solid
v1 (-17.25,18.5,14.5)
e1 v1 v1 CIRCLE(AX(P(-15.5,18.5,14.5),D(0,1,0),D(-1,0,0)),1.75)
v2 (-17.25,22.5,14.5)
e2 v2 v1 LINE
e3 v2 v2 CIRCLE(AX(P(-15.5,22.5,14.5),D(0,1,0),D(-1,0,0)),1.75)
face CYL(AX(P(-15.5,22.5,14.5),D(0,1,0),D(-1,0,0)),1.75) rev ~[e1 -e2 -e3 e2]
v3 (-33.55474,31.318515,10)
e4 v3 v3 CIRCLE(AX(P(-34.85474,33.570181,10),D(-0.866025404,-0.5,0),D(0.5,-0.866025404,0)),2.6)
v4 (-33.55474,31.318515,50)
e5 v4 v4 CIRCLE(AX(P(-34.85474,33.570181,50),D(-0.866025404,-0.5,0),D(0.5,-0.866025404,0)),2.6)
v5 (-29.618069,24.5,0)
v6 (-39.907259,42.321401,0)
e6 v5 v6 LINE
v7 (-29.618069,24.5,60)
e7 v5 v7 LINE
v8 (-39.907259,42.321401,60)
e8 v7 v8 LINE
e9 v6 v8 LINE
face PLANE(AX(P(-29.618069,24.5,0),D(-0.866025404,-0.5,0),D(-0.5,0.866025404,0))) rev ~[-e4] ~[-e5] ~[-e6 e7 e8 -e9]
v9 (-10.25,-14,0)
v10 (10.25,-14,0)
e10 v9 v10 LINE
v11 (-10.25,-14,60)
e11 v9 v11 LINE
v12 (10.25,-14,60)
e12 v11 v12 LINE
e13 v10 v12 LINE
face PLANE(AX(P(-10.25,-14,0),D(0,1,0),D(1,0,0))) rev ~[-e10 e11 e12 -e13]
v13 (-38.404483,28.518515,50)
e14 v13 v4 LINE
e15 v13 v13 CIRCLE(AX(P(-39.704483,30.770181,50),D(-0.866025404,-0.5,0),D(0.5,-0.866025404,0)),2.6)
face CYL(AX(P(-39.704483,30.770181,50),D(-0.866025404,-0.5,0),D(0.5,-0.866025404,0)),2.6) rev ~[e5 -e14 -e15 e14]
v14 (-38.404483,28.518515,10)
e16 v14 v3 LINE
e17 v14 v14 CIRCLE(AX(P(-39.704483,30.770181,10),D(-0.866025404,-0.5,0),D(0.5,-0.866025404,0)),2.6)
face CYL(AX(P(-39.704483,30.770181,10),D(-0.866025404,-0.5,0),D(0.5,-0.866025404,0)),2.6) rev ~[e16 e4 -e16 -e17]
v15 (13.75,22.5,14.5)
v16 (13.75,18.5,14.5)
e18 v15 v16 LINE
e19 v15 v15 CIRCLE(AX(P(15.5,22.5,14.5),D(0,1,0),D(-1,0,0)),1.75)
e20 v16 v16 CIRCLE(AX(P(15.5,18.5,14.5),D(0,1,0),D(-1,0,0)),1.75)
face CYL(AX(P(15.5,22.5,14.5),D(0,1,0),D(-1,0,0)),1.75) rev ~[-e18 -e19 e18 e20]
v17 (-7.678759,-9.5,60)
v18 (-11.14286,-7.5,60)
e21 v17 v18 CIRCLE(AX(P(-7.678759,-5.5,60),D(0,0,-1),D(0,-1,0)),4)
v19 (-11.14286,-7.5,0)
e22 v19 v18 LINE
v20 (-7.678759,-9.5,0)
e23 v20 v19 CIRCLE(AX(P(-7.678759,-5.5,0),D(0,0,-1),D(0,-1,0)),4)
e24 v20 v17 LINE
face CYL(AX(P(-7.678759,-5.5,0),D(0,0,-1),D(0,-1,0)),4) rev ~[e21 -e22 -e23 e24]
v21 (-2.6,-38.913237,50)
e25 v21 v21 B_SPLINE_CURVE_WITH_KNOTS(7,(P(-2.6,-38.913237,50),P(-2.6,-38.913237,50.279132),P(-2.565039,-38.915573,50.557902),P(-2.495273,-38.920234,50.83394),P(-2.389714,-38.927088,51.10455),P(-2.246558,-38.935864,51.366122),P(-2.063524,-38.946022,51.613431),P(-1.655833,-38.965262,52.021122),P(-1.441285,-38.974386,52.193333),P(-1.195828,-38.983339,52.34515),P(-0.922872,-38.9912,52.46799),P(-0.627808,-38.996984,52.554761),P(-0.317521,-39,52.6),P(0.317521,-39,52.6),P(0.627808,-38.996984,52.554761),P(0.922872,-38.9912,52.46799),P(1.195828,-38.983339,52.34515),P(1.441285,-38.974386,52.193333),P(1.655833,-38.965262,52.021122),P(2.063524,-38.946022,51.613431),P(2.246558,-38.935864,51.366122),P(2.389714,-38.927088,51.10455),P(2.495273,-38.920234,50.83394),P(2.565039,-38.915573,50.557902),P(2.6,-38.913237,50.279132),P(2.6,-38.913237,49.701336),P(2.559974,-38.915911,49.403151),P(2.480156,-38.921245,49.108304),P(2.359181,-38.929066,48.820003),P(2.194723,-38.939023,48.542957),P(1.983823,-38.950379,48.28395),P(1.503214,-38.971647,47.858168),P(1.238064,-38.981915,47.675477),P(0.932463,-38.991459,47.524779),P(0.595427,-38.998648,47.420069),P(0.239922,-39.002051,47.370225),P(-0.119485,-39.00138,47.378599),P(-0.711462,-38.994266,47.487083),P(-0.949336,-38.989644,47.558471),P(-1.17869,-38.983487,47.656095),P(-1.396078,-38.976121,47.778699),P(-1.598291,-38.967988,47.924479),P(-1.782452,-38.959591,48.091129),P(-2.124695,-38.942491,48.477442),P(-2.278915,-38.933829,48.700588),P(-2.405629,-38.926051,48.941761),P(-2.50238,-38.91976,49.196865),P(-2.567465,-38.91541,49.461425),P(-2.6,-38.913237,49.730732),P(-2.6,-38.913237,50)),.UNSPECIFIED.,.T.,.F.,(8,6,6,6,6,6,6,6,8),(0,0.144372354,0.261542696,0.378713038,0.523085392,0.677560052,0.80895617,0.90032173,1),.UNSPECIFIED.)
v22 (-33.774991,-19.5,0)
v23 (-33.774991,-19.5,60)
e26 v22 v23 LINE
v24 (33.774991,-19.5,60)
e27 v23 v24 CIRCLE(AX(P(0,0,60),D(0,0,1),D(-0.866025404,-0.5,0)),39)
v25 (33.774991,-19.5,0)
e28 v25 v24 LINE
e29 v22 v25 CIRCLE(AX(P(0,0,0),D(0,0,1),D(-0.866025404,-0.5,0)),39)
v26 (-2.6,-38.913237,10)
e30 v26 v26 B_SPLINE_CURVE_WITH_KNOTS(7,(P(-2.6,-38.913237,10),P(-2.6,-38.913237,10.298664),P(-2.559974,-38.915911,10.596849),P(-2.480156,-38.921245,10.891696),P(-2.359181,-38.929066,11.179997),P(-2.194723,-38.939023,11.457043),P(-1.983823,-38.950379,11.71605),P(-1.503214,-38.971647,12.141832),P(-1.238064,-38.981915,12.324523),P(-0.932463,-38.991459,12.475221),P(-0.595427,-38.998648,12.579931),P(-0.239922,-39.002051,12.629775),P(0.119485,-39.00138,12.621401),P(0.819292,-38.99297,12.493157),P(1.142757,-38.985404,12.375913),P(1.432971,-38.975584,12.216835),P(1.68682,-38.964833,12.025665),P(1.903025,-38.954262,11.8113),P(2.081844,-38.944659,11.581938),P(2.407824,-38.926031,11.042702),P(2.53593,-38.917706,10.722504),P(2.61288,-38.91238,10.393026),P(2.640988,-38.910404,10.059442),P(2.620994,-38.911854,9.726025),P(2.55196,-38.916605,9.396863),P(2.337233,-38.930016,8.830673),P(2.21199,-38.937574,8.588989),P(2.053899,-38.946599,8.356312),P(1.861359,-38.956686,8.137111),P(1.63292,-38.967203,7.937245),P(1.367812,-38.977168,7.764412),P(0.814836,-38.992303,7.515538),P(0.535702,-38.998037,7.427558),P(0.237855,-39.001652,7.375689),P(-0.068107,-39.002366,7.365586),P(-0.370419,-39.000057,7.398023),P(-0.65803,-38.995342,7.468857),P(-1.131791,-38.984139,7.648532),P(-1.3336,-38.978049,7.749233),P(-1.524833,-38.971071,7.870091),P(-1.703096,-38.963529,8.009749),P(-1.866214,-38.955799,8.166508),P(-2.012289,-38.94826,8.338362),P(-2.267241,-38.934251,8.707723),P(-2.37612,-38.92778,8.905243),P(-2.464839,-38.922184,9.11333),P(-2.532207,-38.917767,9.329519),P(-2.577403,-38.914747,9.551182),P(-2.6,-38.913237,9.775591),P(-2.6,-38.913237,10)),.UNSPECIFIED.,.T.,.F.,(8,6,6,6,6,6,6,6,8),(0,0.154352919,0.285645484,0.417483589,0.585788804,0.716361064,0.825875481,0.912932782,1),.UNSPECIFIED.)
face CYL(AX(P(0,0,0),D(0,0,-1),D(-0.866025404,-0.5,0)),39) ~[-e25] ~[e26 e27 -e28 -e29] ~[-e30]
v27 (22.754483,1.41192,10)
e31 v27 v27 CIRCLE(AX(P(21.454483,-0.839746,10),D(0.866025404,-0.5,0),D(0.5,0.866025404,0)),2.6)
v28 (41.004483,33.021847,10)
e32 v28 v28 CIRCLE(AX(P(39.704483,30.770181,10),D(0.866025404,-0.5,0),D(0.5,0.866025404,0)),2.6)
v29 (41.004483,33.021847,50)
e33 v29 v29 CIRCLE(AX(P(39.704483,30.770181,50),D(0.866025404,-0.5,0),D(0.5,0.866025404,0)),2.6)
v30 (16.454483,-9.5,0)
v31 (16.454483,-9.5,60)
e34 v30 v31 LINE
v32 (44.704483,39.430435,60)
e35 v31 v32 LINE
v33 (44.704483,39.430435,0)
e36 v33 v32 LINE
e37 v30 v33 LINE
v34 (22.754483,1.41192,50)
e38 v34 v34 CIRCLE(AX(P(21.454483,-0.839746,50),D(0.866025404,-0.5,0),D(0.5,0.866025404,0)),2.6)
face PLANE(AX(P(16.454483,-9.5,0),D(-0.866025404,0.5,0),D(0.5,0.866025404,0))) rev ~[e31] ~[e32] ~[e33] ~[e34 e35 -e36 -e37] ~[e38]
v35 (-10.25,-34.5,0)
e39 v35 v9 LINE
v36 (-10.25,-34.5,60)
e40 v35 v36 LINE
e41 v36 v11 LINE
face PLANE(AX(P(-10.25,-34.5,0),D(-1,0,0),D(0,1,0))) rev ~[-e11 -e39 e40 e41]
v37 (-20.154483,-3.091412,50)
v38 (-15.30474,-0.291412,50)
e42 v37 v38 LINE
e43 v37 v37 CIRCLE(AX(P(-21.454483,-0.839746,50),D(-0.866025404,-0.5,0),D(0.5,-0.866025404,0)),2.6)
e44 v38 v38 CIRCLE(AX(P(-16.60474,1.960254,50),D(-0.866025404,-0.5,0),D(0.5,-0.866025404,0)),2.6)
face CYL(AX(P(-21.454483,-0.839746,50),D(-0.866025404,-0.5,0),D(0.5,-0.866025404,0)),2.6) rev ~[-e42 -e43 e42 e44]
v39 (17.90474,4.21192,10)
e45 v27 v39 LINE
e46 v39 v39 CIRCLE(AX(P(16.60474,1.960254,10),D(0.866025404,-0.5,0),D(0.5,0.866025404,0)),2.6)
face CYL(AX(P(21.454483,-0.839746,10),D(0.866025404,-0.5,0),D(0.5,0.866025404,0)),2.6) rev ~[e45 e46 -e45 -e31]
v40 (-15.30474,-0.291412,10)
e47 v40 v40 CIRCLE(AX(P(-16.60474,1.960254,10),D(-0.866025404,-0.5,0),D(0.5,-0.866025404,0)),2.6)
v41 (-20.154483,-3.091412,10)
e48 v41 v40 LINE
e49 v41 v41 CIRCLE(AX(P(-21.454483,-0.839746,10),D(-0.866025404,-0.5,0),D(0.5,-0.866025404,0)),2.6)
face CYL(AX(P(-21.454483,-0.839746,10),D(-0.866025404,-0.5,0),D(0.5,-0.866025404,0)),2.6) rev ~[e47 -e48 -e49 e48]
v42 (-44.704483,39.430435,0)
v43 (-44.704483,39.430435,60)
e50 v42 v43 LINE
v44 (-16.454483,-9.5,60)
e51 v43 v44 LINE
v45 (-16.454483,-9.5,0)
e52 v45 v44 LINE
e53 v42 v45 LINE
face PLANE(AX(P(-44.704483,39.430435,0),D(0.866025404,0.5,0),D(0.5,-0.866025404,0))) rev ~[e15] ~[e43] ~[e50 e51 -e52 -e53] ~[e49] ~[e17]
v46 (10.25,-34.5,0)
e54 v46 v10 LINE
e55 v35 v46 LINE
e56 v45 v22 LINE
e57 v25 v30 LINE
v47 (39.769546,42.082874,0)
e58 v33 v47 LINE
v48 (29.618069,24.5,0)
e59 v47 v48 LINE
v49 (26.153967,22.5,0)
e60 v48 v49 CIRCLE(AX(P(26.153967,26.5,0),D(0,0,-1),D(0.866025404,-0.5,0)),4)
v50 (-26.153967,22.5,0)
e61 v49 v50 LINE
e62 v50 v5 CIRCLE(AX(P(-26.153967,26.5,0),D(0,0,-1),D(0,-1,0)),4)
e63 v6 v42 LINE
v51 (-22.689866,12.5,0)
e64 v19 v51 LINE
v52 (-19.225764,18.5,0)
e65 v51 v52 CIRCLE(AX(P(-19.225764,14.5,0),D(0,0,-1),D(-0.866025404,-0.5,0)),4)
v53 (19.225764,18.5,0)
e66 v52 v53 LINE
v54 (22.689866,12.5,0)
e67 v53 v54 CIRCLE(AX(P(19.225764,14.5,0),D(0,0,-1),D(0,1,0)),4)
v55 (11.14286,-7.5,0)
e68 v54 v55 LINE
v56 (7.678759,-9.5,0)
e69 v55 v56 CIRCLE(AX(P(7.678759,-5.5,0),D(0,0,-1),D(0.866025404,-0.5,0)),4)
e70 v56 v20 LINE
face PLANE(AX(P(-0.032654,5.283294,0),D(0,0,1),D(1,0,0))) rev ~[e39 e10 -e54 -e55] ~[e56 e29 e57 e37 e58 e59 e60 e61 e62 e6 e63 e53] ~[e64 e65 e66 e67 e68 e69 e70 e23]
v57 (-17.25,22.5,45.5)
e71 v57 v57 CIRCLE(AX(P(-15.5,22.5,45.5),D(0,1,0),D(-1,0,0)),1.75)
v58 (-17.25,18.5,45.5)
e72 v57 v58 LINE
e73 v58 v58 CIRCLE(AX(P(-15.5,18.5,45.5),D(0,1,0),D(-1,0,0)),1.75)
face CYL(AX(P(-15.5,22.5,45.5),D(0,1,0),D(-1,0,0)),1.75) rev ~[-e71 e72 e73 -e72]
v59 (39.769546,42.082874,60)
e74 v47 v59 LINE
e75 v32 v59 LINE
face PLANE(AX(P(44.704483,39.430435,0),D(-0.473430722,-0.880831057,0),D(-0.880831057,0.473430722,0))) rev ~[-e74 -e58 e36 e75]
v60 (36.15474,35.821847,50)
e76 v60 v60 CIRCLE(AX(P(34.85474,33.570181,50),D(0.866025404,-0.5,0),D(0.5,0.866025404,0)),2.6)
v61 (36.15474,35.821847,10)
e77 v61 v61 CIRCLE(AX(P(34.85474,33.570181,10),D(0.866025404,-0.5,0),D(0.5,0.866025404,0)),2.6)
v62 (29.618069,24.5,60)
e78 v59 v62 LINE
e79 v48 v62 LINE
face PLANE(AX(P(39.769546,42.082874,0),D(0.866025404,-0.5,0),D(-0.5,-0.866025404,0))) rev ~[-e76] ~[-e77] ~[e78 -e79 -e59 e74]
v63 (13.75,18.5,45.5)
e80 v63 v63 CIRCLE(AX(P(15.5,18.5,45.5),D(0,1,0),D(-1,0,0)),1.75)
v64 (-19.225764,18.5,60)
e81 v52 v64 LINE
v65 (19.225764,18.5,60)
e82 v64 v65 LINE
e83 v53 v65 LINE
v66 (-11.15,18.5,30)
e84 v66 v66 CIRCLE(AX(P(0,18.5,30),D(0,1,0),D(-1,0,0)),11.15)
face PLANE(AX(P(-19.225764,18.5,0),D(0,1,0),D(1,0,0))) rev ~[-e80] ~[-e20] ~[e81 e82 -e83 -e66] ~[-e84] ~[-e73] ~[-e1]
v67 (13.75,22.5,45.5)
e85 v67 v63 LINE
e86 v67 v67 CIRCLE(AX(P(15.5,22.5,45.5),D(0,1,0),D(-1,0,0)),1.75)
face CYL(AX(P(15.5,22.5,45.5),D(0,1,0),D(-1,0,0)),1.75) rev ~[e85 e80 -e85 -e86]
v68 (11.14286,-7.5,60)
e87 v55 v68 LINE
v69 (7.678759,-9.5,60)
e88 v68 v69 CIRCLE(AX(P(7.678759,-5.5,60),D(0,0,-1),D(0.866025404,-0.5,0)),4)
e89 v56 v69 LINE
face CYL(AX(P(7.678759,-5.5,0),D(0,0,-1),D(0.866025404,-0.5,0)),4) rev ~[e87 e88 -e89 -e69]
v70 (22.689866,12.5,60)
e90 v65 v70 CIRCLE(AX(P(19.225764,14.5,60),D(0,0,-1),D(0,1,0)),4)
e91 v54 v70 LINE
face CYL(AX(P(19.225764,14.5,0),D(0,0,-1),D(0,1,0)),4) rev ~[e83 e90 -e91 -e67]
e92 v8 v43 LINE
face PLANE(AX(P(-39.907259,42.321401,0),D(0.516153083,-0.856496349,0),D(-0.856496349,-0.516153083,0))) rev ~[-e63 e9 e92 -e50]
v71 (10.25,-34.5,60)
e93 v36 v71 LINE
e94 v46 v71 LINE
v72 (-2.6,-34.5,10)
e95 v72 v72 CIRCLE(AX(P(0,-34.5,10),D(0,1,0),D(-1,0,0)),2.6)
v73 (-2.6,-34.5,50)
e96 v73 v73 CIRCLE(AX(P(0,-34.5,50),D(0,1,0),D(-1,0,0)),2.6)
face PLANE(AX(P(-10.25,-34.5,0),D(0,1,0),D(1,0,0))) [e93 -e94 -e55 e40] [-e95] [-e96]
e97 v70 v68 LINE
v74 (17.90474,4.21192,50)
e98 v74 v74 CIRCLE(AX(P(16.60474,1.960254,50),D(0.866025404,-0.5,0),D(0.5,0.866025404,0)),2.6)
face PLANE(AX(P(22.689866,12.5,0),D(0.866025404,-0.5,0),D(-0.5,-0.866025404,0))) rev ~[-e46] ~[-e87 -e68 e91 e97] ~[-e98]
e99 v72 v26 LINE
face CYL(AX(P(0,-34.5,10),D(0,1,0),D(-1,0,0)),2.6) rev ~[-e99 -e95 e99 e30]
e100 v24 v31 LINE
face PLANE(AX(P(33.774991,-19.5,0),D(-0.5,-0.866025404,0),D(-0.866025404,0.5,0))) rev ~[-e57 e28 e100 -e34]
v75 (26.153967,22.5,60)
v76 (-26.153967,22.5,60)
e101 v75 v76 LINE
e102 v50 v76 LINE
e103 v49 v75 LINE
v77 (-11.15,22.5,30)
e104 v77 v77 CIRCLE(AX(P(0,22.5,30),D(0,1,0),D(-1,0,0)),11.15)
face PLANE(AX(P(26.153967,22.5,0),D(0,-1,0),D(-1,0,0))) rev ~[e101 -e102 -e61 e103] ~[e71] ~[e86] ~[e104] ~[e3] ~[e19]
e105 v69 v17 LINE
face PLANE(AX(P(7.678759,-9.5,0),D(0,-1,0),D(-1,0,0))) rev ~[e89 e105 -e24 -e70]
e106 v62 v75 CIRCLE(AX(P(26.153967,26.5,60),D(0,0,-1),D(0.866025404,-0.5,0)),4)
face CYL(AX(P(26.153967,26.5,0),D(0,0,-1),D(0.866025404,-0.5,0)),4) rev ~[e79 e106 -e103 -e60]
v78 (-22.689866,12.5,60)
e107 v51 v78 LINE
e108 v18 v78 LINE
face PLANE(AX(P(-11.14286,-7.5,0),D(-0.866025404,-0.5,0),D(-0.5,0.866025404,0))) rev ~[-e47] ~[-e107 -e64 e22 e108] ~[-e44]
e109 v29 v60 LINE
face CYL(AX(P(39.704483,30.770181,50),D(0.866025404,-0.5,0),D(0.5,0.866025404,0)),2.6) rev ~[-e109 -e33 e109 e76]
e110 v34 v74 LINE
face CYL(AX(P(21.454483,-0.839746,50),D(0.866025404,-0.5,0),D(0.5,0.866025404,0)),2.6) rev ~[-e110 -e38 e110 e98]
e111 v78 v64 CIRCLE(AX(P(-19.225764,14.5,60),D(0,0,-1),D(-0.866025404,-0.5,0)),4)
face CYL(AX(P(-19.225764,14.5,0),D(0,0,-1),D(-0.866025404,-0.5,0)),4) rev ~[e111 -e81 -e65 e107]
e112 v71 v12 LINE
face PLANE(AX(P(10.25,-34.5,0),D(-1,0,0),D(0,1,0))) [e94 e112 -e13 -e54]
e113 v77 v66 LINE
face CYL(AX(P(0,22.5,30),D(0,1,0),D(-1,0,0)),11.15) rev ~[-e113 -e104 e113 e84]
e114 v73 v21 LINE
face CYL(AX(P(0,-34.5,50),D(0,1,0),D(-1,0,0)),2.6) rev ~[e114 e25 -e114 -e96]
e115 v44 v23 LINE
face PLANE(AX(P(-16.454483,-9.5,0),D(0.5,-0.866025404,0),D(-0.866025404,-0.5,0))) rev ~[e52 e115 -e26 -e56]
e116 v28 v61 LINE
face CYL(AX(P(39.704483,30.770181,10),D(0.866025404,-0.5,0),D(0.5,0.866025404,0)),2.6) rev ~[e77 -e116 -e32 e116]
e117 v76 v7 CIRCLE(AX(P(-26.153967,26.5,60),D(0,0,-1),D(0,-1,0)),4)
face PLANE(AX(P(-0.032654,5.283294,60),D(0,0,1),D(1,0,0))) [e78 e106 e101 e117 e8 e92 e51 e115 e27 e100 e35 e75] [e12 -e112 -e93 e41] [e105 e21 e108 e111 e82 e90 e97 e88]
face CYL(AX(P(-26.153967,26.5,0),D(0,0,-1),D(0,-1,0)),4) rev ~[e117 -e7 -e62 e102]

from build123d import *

# Parameters (mm, degrees)
F0_W     = 20.5
F0_H     = 20.5
F1_DEPTH = 60
F2_R     = 1.75
F2_R_2   = 11.15
F3_DEPTH = 4
F4_R     = 2.6
F5_DEPTH = 5.6
F6_R     = 2.6
F7_DEPTH = 5.6
F8_R     = 2.6
F9_DEPTH = 4.501


with BuildPart() as f1:
    # F0 (on Top) → F1 (new body)
    with BuildSketch(Plane.XY):
        with BuildLine():
            Line((-16.4544826719, -9.5), (-33.7749907476, -19.5))
            ThreePointArc((-33.7749907476, -19.5), (0, -39), (33.7749907476, -19.5))
            Line((33.7749907476, -19.5), (16.4544826719, -9.5))
            Line((16.4544826719, -9.5), (44.7044826719, 39.4304353138))
            Line((44.7044826719, 39.4304353138), (39.7695460128, 42.0828742882))
            Line((39.7695460128, 42.0828742882), (29.6180688094, 24.5))
            ThreePointArc((29.6180688094, 24.5), (28.1539671943, 23.0358983849), (26.1539671943, 22.5))
            Line((26.1539671943, 22.5), (-26.1539671943, 22.5))
            ThreePointArc((-26.1539671943, 22.5), (-28.1539671943, 23.0358983849), (-29.6180688094, 24.5))
            Line((-29.6180688094, 24.5), (-39.9072594683, 42.3214009899))
            Line((-39.9072594683, 42.3214009899), (-44.7044826719, 39.4304353138))
            Line((-44.7044826719, 39.4304353138), (-16.4544826719, -9.5))
        make_face()
        with Locations((0, -24.25)):
            Rectangle(F0_W, F0_H, mode=Mode.SUBTRACT)
        with BuildLine():
            Line((-11.1428601954, -7.5), (-22.6898655792, 12.5))
            ThreePointArc((-22.6898655792, 12.5), (-22.6898655792, 16.5), (-19.225763964, 18.5))
            Line((-19.225763964, 18.5), (19.225763964, 18.5))
            ThreePointArc((19.225763964, 18.5), (22.6898655792, 16.5), (22.6898655792, 12.5))
            Line((22.6898655792, 12.5), (11.1428601954, -7.5))
            ThreePointArc((11.1428601954, -7.5), (9.6787585802, -8.9641016151), (7.6787585802, -9.5))
            Line((7.6787585802, -9.5), (-7.6787585802, -9.5))
            ThreePointArc((-7.6787585802, -9.5), (-9.6787585802, -8.9641016151), (-11.1428601954, -7.5))
        make_face(mode=Mode.SUBTRACT)
    extrude(amount=F1_DEPTH)

    # F2 (on face) → F3 (cut)
    with BuildSketch(Plane(origin=(0, 22.5, 0), x_dir=(-1, 0, 0), z_dir=(0, 1, 0))):
        with Locations((-15.5, 14.5)):
            Circle(F2_R)
        with Locations((-15.5, 45.5)):
            Circle(F2_R)
        with Locations((15.5, 45.5)):
            Circle(F2_R)
        with Locations((15.5, 14.5)):
            Circle(F2_R)
        with Locations((0, 30)):
            Circle(F2_R_2)
    extrude(amount=-F3_DEPTH, mode=Mode.SUBTRACT)

    # F4 (on face) → F5 (cut)
    with BuildSketch(Plane(origin=(-16.4544826719, -9.5, 0), x_dir=(0.5, -0.8660254038, 0), z_dir=(-0.8660254038, -0.5, 0))):
        with Locations((-46.5, 50)):
            Circle(F4_R)
        with Locations((-10, 50)):
            Circle(F4_R)
        with Locations((-10, 10)):
            Circle(F4_R)
        with Locations((-46.5, 10)):
            Circle(F4_R)
    extrude(amount=-F5_DEPTH, mode=Mode.SUBTRACT)

    # F6 (on face) → F7 (cut)
    with BuildSketch(Plane(origin=(16.4544826719, -9.5, 0), x_dir=(0.5, 0.8660254038, 0), z_dir=(0.8660254038, -0.5, 0))):
        with Locations((46.5, 50)):
            Circle(F6_R)
        with Locations((46.5, 10)):
            Circle(F6_R)
        with Locations((10, 10)):
            Circle(F6_R)
        with Locations((10, 50)):
            Circle(F6_R)
    extrude(amount=-F7_DEPTH, mode=Mode.SUBTRACT)

    # F8 (on face) → F9 (cut, through all)
    with BuildSketch(Plane(origin=(0, -34.5, 0), x_dir=(-1, 0, 0), z_dir=(0, 1, 0))):
        with Locations((0, 50)):
            Circle(F8_R)
        with Locations((0, 10)):
            Circle(F8_R)
    extrude(amount=-F9_DEPTH, mode=Mode.SUBTRACT)


solid = f1.part
